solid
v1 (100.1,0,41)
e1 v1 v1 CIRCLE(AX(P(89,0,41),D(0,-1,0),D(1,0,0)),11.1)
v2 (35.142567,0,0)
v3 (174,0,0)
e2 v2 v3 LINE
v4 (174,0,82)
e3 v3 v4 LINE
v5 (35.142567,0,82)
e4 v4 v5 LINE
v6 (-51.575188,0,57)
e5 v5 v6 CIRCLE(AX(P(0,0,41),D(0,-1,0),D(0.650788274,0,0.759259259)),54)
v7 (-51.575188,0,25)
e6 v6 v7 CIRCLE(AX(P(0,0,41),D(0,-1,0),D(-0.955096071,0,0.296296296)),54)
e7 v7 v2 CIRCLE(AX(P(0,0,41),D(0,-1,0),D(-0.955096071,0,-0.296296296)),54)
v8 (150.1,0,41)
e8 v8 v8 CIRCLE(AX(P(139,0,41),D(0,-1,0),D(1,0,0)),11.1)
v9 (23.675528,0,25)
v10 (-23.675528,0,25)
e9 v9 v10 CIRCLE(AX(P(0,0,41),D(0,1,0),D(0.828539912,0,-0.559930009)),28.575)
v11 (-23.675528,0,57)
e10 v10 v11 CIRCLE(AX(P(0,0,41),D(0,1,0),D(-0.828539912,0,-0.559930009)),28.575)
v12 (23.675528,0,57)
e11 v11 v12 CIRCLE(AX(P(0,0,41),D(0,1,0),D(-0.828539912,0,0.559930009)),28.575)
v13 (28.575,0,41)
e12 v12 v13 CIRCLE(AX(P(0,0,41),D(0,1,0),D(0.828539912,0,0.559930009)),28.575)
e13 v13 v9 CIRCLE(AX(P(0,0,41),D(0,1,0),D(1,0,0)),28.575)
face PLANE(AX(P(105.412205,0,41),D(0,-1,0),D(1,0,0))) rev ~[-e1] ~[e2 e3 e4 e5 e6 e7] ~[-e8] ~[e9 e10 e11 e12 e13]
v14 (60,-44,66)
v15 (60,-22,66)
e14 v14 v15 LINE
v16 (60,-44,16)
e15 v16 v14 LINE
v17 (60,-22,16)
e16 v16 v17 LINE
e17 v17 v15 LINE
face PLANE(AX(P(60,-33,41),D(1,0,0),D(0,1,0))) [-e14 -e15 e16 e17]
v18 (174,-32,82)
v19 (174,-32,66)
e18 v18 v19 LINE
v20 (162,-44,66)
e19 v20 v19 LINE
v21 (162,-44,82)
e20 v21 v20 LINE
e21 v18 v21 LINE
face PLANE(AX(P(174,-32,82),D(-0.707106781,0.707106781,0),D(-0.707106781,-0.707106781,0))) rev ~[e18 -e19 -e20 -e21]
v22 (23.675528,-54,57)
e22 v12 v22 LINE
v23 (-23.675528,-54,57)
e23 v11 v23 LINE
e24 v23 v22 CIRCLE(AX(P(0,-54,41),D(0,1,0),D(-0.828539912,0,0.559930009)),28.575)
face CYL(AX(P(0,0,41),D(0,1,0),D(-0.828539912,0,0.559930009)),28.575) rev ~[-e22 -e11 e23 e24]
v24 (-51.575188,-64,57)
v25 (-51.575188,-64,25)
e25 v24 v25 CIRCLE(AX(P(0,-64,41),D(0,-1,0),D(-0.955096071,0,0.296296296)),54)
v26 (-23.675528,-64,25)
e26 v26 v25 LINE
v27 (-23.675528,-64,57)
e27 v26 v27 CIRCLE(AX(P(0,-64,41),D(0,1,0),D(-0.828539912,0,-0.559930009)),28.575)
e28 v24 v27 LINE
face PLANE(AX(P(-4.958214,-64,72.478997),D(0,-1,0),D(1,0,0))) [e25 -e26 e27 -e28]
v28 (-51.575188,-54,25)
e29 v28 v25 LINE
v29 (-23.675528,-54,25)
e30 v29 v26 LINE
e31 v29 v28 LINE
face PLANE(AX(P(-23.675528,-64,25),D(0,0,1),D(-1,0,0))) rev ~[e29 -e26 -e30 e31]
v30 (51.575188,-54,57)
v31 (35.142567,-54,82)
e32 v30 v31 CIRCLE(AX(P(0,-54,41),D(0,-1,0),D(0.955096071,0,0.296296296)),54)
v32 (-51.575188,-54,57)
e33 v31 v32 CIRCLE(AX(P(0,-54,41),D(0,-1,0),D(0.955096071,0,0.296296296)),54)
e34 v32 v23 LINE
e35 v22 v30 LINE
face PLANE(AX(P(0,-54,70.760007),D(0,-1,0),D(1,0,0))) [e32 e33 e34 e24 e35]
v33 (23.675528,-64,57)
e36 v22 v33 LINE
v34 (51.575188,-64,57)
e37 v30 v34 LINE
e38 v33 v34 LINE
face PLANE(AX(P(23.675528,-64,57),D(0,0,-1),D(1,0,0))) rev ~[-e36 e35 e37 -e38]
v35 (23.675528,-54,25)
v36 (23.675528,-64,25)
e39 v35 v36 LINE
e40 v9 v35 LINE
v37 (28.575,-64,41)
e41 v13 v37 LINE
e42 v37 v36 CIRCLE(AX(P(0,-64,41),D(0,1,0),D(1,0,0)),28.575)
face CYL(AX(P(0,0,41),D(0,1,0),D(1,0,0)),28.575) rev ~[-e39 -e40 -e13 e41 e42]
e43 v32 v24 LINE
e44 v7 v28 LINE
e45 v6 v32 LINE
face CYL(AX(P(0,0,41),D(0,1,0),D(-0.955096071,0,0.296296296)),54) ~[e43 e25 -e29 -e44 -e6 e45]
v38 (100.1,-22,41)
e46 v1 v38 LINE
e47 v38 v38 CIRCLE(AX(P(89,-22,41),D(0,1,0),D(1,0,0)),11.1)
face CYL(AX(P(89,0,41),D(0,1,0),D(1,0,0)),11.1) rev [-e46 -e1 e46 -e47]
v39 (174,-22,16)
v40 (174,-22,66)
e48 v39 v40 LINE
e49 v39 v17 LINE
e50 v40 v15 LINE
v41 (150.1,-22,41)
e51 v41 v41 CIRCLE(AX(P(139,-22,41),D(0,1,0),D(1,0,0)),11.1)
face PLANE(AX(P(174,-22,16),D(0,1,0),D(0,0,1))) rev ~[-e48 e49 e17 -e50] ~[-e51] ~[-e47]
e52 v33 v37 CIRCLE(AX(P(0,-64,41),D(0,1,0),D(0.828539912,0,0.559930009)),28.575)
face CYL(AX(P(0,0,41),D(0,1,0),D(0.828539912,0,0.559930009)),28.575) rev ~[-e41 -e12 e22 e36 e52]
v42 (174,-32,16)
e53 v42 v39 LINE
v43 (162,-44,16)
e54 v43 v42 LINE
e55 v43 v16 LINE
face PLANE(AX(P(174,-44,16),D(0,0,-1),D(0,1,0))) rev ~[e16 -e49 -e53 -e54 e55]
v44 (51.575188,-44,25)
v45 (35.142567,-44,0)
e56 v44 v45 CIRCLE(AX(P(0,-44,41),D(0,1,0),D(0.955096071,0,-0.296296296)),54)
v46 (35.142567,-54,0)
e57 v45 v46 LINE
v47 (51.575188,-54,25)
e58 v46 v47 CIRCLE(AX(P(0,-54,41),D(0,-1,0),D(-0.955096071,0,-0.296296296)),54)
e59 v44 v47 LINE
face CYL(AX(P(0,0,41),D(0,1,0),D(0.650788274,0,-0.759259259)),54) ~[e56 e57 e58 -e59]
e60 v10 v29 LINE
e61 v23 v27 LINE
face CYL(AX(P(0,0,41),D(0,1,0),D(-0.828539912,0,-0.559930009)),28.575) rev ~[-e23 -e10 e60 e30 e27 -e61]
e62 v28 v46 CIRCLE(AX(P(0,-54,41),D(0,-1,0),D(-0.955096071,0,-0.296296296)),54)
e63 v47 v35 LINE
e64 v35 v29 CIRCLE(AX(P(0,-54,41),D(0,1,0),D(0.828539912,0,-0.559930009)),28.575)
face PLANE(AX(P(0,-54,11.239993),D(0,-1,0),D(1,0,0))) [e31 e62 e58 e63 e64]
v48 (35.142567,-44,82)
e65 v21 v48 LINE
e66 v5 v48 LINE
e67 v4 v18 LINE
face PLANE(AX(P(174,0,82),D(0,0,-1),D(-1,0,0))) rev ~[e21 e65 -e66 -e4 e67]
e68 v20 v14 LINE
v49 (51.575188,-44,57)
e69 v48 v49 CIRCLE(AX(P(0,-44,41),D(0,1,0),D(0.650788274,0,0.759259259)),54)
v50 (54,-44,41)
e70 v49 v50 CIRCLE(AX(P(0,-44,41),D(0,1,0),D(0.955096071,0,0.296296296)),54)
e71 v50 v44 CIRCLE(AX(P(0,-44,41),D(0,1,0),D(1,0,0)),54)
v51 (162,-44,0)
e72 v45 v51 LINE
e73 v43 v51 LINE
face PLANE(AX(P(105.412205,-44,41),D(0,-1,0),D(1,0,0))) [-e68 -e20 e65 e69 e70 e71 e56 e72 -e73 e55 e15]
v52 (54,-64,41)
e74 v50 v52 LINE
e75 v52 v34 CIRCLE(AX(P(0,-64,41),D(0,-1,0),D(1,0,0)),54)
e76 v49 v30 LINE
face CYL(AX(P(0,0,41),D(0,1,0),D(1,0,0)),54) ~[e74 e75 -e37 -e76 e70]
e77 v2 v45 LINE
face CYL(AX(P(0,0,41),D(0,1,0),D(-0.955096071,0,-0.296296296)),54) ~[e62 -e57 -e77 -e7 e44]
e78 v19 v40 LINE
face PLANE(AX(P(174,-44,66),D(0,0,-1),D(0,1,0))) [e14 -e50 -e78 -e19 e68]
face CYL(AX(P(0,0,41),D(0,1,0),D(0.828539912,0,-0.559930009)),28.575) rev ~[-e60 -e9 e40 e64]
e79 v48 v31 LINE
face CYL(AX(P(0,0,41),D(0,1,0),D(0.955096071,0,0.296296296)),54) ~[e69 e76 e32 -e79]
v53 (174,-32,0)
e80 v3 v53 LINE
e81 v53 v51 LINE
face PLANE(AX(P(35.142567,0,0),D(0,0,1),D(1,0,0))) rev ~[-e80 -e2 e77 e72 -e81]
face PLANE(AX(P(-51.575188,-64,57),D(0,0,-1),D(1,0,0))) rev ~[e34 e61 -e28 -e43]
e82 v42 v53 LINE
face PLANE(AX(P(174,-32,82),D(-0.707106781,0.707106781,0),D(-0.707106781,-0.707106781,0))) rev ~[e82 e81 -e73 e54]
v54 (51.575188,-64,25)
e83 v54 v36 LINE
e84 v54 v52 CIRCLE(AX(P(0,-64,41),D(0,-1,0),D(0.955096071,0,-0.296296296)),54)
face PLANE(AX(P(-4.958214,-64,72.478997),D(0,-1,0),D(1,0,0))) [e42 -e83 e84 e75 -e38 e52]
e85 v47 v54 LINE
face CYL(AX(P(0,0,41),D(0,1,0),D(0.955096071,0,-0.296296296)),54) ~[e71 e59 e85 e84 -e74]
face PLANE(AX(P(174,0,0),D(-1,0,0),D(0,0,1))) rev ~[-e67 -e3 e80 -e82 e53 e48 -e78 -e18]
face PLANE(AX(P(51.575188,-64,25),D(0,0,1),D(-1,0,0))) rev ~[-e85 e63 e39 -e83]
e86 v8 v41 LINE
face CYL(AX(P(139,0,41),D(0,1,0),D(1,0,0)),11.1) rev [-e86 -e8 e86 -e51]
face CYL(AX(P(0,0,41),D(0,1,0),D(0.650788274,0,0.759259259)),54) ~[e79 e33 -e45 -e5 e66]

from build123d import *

# Parameters (mm, degrees)
F0_R     = 11.1
F1_DEPTH = 44
F2_DEPTH = 64
F4_W     = 22
F4_H     = 50
F5_DEPTH = 114
F6_DEPTH = 95.001
F8_DEPTH = 10


with BuildPart() as f1:
    # F0 (on Front) → F1 (new body)
    with BuildSketch(Plane.XZ):
        with BuildLine():
            ThreePointArc((51.5751878329, 57), (53.3903556037, 49.0913489921), (54, 41))
            ThreePointArc((54, 41), (53.3903556037, 32.9086510079), (51.5751878329, 25))
            ThreePointArc((51.5751878329, 25), (45.1247409006, 11.3392893097), (35.1425667816, 0))
            Line((35.1425667816, 0), (174, 0))
            Line((174, 0), (174, 82))
            Line((174, 82), (35.1425667816, 82))
            ThreePointArc((35.1425667816, 82), (45.1247409006, 70.6607106903), (51.5751878329, 57))
        make_face()
        with Locations((89, 41)):
            Circle(F0_R, mode=Mode.SUBTRACT)
        with Locations((139, 41)):
            Circle(F0_R, mode=Mode.SUBTRACT)
    extrude(amount=F1_DEPTH)

    # F0 (on Front) → F2 (join)
    with BuildSketch(Plane.XZ):
        with BuildLine():
            Line((35.1425667816, 57), (35.1425667816, 82))
            ThreePointArc((35.1425667816, 82), (-14.9585346426, 92.8868214612), (-51.5751878329, 57))
            Line((-51.5751878329, 57), (-23.6755279772, 57))
            ThreePointArc((-23.6755279772, 57), (0, 69.575), (23.6755279772, 57))
            Line((23.6755279772, 57), (35.1425667816, 57))
        make_face()
        with BuildLine():
            Line((35.1425667816, 25), (35.1425667816, 57))
            Line((35.1425667816, 57), (23.6755279772, 57))
            ThreePointArc((23.6755279772, 57), (27.3226905424, 49.3666723687), (28.575, 41))
            ThreePointArc((28.575, 41), (27.3226905424, 32.6333276313), (23.6755279772, 25))
            Line((23.6755279772, 25), (35.1425667816, 25))
        make_face()
        with BuildLine():
            ThreePointArc((-51.5751878329, 25), (-14.9585346426, -10.8868214612), (35.1425667816, 0))
            Line((35.1425667816, 0), (35.1425667816, 25))
            Line((35.1425667816, 25), (23.6755279772, 25))
            ThreePointArc((23.6755279772, 25), (0, 12.425), (-23.6755279772, 25))
            Line((-23.6755279772, 25), (-51.5751878329, 25))
        make_face()
        with BuildLine():
            Line((35.1425667816, 57), (51.5751878329, 57))
            ThreePointArc((51.5751878329, 57), (45.1247409006, 70.6607106903), (35.1425667816, 82))
            Line((35.1425667816, 82), (35.1425667816, 57))
        make_face()
        with BuildLine():
            ThreePointArc((51.5751878329, 25), (53.3903556037, 32.9086510079), (54, 41))
            ThreePointArc((54, 41), (53.3903556037, 49.0913489921), (51.5751878329, 57))
            Line((51.5751878329, 57), (35.1425667816, 57))
            Line((35.1425667816, 57), (35.1425667816, 25))
            Line((35.1425667816, 25), (51.5751878329, 25))
        make_face()
        with BuildLine():
            ThreePointArc((35.1425667816, 0), (45.1247409006, 11.3392893097), (51.5751878329, 25))
            Line((51.5751878329, 25), (35.1425667816, 25))
            Line((35.1425667816, 25), (35.1425667816, 0))
        make_face()
        with BuildLine():
            Line((-23.6755279772, 57), (-51.5751878329, 57))
            ThreePointArc((-51.5751878329, 57), (-54, 41), (-51.5751878329, 25))
            Line((-51.5751878329, 25), (-23.6755279772, 25))
            ThreePointArc((-23.6755279772, 25), (-28.575, 41), (-23.6755279772, 57))
        make_face()
    extrude(amount=F2_DEPTH)

    # F4 (on face) → F5 (cut)
    with BuildSketch(Plane.YZ.offset(174)):
        with Locations((-33, 41)):
            Rectangle(F4_W, F4_H)
    extrude(amount=-F5_DEPTH, mode=Mode.SUBTRACT)

    # F3 (on face) → F6 (cut, through all)
    with BuildSketch(Plane.XY.offset(82)):
        Polygon((174, -44), (174, -32), (162, -44), align=None)
    extrude(amount=-F6_DEPTH, mode=Mode.SUBTRACT)

    # F7 (on face) → F8 (cut)
    with BuildSketch(Plane.XZ.offset(64)):
        with BuildLine():
            ThreePointArc((51.5751878329, 57), (0, 95), (-51.5751878329, 57))
            Line((-51.5751878329, 57), (-23.6755279772, 57))
            ThreePointArc((-23.6755279772, 57), (0, 69.575), (23.6755279772, 57))
            Line((23.6755279772, 57), (51.5751878329, 57))
        make_face()
        with BuildLine():
            Line((-23.6755279772, 25), (-51.5751878329, 25))
            ThreePointArc((-51.5751878329, 25), (0, -13), (51.5751878329, 25))
            Line((51.5751878329, 25), (23.6755279772, 25))
            ThreePointArc((23.6755279772, 25), (0, 12.425), (-23.6755279772, 25))
        make_face()
    extrude(amount=-F8_DEPTH, mode=Mode.SUBTRACT)


solid = f1.part
